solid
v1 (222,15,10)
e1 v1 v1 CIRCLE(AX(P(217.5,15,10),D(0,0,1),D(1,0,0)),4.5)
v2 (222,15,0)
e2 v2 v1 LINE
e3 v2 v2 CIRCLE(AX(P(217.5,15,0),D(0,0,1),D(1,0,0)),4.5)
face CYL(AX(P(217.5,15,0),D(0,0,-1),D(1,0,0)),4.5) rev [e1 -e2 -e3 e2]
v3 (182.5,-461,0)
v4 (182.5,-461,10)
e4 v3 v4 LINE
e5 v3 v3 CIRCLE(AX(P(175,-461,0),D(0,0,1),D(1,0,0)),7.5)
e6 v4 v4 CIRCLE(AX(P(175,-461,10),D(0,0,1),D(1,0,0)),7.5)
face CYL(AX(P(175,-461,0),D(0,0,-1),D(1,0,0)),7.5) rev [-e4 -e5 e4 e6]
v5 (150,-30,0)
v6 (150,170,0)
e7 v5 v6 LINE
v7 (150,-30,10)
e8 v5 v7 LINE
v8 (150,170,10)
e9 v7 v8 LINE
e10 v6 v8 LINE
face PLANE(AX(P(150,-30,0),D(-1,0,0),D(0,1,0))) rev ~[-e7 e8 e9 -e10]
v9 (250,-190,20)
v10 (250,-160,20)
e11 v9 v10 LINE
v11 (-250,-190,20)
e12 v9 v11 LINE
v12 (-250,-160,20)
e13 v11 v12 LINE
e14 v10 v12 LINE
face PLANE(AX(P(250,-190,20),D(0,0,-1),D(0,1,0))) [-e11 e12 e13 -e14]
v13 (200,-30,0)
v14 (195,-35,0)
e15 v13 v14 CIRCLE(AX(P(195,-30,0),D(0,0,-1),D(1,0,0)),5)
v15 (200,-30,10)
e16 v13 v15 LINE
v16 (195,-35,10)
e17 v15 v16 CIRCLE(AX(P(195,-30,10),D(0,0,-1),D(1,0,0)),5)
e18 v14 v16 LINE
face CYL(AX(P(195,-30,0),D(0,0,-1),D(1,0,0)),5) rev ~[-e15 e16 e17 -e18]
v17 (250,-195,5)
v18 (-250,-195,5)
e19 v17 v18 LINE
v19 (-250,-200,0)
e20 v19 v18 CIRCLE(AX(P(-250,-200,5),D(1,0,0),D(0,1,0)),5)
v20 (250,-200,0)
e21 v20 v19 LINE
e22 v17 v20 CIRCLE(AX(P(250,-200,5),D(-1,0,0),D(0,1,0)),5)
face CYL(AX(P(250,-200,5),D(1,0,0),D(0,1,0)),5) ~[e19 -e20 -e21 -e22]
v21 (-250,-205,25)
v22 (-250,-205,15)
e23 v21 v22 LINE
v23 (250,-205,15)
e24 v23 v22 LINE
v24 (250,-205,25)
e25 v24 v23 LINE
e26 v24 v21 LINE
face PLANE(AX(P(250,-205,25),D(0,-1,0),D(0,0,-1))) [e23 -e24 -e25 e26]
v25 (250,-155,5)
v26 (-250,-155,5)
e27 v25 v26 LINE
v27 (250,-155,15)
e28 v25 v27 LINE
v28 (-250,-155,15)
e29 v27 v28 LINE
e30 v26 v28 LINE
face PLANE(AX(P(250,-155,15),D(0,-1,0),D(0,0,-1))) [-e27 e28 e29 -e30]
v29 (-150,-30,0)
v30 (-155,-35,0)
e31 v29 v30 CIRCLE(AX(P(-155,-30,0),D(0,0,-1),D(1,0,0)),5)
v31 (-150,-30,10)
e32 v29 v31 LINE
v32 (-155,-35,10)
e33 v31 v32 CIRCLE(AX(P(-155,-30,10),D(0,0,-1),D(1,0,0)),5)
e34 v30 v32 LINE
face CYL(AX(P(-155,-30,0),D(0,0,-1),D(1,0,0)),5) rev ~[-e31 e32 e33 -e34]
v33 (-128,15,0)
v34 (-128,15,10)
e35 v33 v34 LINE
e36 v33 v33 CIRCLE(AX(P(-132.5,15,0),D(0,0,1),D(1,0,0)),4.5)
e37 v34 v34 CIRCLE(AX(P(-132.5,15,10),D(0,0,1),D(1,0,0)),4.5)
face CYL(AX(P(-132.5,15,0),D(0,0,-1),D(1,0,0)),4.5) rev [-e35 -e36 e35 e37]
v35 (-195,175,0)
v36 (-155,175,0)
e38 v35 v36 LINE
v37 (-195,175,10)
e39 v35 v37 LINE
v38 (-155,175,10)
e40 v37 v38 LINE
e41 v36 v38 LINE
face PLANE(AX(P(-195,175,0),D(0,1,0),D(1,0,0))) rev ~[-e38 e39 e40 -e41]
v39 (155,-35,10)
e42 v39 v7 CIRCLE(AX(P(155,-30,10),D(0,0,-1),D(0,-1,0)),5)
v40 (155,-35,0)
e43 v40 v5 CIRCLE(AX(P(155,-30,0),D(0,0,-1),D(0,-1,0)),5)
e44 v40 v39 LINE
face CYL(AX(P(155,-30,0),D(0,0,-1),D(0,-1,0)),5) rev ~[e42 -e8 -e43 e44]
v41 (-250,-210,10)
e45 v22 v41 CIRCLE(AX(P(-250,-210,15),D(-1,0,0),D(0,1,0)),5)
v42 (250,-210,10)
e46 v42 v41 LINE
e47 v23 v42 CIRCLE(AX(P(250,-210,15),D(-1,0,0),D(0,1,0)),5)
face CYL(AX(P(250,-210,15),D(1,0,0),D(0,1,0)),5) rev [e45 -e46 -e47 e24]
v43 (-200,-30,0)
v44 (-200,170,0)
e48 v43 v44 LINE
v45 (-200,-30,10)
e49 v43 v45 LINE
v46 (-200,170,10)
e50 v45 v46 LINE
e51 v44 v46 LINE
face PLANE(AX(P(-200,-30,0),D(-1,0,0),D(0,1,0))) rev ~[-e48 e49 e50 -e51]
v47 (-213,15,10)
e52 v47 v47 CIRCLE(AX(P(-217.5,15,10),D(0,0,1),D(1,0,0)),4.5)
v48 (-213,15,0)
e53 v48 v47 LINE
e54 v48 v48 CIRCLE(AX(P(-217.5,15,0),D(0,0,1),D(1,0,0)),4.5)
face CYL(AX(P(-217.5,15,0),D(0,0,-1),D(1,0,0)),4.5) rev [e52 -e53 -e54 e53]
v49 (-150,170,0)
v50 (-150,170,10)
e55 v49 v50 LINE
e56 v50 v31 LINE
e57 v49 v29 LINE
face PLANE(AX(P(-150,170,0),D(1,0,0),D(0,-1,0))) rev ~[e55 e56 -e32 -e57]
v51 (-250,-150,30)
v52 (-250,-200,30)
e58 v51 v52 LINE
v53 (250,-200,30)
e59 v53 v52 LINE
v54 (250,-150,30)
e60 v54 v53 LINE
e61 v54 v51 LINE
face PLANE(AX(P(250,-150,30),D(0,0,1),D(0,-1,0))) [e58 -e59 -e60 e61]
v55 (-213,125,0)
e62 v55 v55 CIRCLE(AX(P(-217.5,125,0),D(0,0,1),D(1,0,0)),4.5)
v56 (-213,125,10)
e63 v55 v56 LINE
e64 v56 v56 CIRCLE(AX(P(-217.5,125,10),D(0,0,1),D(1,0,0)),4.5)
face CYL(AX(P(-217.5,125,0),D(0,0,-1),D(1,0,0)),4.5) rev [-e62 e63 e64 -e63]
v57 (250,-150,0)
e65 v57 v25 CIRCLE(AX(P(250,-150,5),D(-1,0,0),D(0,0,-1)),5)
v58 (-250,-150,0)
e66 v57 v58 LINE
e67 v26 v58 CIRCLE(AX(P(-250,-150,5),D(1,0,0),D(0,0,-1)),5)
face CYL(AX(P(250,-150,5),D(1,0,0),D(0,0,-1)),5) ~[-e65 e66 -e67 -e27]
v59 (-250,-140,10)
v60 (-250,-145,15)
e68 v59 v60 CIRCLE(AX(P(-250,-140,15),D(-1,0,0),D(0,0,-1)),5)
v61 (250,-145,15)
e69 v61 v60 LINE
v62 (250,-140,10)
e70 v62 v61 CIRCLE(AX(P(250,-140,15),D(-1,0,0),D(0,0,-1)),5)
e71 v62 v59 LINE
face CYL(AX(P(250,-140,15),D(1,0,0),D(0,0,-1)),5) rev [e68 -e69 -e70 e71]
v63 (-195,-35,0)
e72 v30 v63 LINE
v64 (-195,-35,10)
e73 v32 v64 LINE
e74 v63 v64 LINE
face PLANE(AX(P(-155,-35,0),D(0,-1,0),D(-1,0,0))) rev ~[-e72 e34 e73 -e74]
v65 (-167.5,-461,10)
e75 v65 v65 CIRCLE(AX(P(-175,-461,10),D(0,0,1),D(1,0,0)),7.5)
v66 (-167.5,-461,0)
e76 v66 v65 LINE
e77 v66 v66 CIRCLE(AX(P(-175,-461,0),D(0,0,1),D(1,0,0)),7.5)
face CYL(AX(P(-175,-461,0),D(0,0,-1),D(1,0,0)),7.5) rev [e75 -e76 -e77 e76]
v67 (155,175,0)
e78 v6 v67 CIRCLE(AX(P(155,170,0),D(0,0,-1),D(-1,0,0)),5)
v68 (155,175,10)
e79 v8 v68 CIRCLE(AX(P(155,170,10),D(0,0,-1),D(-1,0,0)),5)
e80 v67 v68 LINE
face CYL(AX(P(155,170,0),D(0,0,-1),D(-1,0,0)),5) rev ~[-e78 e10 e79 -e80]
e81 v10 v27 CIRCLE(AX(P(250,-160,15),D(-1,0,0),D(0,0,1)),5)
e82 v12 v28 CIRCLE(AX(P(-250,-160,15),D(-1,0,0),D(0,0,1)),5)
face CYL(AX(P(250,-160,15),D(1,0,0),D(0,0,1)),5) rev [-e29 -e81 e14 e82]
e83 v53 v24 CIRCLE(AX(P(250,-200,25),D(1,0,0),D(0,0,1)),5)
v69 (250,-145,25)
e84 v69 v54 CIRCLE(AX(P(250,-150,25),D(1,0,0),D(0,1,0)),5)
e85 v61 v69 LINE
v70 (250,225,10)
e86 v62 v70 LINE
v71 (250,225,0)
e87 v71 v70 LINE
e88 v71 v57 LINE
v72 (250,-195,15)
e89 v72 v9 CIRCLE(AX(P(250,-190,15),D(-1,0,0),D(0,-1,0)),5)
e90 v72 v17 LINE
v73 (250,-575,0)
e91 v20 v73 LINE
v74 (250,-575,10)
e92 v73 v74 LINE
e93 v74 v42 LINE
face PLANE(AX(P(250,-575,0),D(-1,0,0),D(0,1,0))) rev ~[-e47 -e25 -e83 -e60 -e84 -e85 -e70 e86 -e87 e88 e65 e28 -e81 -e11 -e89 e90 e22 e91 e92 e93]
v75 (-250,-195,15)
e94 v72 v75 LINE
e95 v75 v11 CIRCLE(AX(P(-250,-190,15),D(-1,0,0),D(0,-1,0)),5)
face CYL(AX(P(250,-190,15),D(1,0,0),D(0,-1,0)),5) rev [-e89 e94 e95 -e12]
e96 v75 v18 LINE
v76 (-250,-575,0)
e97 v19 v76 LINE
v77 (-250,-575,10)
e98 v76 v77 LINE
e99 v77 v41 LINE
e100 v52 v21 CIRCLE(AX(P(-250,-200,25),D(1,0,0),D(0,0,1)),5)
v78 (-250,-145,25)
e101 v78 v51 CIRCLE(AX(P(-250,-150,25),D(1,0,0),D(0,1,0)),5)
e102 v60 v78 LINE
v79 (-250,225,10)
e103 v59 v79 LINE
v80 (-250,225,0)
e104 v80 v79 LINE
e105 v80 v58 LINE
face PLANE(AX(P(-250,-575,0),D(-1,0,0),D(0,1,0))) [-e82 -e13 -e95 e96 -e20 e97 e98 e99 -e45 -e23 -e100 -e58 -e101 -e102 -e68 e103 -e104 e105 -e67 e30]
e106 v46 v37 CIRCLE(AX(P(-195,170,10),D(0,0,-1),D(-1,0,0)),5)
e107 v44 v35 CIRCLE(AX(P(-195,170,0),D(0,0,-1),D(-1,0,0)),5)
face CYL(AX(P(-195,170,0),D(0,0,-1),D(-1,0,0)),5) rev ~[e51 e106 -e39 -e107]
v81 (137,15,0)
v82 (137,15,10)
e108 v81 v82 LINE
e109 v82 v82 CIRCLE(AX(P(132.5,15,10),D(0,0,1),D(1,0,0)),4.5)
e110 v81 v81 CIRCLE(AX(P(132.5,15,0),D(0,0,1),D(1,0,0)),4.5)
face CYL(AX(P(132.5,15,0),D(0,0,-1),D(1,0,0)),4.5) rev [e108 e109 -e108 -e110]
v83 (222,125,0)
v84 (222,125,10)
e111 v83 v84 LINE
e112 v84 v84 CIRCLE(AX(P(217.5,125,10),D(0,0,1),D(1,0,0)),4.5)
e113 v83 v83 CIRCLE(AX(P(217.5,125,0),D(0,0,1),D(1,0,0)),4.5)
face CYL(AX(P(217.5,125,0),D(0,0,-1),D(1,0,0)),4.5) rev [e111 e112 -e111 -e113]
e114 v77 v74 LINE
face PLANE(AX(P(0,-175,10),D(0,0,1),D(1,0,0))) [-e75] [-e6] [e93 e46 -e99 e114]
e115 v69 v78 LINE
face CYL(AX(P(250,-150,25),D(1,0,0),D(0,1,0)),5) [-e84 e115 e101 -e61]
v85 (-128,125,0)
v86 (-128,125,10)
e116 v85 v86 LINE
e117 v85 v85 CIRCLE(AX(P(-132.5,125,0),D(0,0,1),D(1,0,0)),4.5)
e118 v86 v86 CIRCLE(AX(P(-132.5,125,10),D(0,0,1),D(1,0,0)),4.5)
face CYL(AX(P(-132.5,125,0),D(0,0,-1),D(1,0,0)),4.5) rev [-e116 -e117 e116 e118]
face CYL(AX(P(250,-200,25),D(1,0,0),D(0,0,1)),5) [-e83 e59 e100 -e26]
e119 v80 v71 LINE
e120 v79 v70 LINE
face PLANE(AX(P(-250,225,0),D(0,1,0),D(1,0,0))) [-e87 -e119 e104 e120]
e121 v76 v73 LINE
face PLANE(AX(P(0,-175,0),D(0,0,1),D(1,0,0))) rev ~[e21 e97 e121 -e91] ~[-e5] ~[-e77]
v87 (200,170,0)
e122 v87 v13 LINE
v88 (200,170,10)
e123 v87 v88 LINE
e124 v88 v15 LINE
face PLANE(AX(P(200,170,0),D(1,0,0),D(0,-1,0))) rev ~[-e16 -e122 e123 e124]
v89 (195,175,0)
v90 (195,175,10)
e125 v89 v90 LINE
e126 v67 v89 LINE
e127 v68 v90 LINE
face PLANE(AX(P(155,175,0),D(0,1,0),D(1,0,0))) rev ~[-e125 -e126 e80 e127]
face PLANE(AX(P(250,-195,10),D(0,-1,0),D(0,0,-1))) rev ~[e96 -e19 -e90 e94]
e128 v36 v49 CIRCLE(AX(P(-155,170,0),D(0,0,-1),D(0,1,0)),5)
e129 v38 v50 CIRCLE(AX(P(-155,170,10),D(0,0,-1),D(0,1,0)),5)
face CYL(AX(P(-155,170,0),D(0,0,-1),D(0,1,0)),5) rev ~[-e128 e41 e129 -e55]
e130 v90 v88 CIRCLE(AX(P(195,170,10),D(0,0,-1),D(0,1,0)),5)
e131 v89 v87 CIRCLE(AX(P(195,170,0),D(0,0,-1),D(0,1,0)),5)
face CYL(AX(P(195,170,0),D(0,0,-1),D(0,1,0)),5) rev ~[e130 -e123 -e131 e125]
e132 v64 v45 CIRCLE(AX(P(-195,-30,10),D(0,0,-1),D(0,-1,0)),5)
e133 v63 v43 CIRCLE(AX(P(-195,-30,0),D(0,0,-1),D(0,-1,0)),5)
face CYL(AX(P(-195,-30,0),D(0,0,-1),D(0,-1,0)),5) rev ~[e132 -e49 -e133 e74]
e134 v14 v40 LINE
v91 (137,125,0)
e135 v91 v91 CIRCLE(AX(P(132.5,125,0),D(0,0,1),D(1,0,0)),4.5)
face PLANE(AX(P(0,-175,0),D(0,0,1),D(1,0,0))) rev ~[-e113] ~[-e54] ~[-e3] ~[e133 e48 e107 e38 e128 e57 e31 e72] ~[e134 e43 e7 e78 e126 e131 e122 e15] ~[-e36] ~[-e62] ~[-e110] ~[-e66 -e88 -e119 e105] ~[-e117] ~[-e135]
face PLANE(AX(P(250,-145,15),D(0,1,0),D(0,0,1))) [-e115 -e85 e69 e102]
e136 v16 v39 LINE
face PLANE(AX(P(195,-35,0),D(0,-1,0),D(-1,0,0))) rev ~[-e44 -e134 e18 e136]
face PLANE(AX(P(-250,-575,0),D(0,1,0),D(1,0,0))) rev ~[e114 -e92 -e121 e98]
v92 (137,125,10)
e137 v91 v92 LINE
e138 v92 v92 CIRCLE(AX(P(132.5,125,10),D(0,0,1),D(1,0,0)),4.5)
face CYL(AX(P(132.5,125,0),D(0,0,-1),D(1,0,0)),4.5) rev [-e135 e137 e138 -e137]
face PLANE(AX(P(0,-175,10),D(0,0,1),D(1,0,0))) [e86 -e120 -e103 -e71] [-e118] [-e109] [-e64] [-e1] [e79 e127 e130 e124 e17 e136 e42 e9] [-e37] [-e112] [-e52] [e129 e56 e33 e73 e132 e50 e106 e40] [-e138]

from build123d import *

# Parameters (mm, degrees)
F0_W     = 500
F0_H     = 800
F0_R     = 7.5
F0_R_2   = 4.5
F1_DEPTH = 10
F3_DEPTH = 500
F5_DEPTH = 500.001


with BuildPart() as f1:
    # F0 (on Top) → F1 (new body)
    with BuildSketch(Plane.XY):
        with Locations((0, -175)):
            Rectangle(F0_W, F0_H)
        with Locations((-175, -461)):
            Circle(F0_R, mode=Mode.SUBTRACT)
        with Locations((175, -461)):
            Circle(F0_R, mode=Mode.SUBTRACT)
        with Locations((-217.5, 15)):
            Circle(F0_R_2, mode=Mode.SUBTRACT)
        with Locations((-132.5, 15)):
            Circle(F0_R_2, mode=Mode.SUBTRACT)
        with BuildLine():
            ThreePointArc((-200, 170), (-198.5355339059, 173.5355339059), (-195, 175))
            Line((-195, 175), (-155, 175))
            ThreePointArc((-155, 175), (-151.4644660941, 173.5355339059), (-150, 170))
            Line((-150, 170), (-150, -30))
            ThreePointArc((-150, -30), (-151.4644660941, -33.5355339059), (-155, -35))
            Line((-155, -35), (-195, -35))
            ThreePointArc((-195, -35), (-198.5355339059, -33.5355339059), (-200, -30))
            Line((-200, -30), (-200, 170))
        make_face(mode=Mode.SUBTRACT)
        with Locations((-217.5, 125)):
            Circle(F0_R_2, mode=Mode.SUBTRACT)
        with Locations((-132.5, 125)):
            Circle(F0_R_2, mode=Mode.SUBTRACT)
        with Locations((132.5, 15)):
            Circle(F0_R_2, mode=Mode.SUBTRACT)
        with Locations((217.5, 15)):
            Circle(F0_R_2, mode=Mode.SUBTRACT)
        with BuildLine():
            Line((195, -35), (155, -35))
            ThreePointArc((155, -35), (151.4644660941, -33.5355339059), (150, -30))
            Line((150, -30), (150, 170))
            ThreePointArc((150, 170), (151.4644660941, 173.5355339059), (155, 175))
            Line((155, 175), (195, 175))
            ThreePointArc((195, 175), (198.5355339059, 173.5355339059), (200, 170))
            Line((200, 170), (200, -30))
            ThreePointArc((200, -30), (198.5355339059, -33.5355339059), (195, -35))
        make_face(mode=Mode.SUBTRACT)
        with Locations((132.5, 125)):
            Circle(F0_R_2, mode=Mode.SUBTRACT)
        with Locations((217.5, 125)):
            Circle(F0_R_2, mode=Mode.SUBTRACT)
    extrude(amount=F1_DEPTH)

    # F2 (on face) → F3 (join, through all)
    with BuildSketch(Plane.YZ.offset(250)):
        with BuildLine():
            Line((-150, 30), (-200, 30))
            ThreePointArc((-200, 30), (-203.5355339059, 28.5355339059), (-205, 25))
            Line((-205, 25), (-205, 15))
            ThreePointArc((-205, 15), (-206.4644660941, 11.4644660941), (-210, 10))
            Line((-210, 10), (-195, 10))
            Line((-195, 10), (-195, 15))
            ThreePointArc((-195, 15), (-193.5355339059, 18.5355339059), (-190, 20))
            Line((-190, 20), (-160, 20))
            ThreePointArc((-160, 20), (-156.4644660941, 18.5355339059), (-155, 15))
            Line((-155, 15), (-155, 10))
            Line((-155, 10), (-140, 10))
            ThreePointArc((-140, 10), (-143.5355339059, 11.4644660941), (-145, 15))
            Line((-145, 15), (-145, 25))
            ThreePointArc((-145, 25), (-146.4644660941, 28.5355339059), (-150, 30))
        make_face()
    extrude(amount=-F3_DEPTH)

    # F4 (on face) → F5 (cut, through all)
    with BuildSketch(Plane.YZ.offset(250)):
        Polygon((-150, 0), (-200, 0), (-211.0108286142, 0), (-211.0108286142, -10.5340015143), (-138.8553231955, -10.5340015143), (-138.8553231955, 0), align=None)
        with BuildLine():
            Line((-155, 10), (-195, 10))
            Line((-195, 10), (-195, 5))
            ThreePointArc((-195, 5), (-196.4644660941, 1.4644660941), (-200, 0))
            Line((-200, 0), (-150, 0))
            ThreePointArc((-150, 0), (-153.5355339059, 1.4644660941), (-155, 5))
            Line((-155, 5), (-155, 10))
        make_face()
    extrude(amount=-F5_DEPTH, mode=Mode.SUBTRACT)


solid = f1.part
